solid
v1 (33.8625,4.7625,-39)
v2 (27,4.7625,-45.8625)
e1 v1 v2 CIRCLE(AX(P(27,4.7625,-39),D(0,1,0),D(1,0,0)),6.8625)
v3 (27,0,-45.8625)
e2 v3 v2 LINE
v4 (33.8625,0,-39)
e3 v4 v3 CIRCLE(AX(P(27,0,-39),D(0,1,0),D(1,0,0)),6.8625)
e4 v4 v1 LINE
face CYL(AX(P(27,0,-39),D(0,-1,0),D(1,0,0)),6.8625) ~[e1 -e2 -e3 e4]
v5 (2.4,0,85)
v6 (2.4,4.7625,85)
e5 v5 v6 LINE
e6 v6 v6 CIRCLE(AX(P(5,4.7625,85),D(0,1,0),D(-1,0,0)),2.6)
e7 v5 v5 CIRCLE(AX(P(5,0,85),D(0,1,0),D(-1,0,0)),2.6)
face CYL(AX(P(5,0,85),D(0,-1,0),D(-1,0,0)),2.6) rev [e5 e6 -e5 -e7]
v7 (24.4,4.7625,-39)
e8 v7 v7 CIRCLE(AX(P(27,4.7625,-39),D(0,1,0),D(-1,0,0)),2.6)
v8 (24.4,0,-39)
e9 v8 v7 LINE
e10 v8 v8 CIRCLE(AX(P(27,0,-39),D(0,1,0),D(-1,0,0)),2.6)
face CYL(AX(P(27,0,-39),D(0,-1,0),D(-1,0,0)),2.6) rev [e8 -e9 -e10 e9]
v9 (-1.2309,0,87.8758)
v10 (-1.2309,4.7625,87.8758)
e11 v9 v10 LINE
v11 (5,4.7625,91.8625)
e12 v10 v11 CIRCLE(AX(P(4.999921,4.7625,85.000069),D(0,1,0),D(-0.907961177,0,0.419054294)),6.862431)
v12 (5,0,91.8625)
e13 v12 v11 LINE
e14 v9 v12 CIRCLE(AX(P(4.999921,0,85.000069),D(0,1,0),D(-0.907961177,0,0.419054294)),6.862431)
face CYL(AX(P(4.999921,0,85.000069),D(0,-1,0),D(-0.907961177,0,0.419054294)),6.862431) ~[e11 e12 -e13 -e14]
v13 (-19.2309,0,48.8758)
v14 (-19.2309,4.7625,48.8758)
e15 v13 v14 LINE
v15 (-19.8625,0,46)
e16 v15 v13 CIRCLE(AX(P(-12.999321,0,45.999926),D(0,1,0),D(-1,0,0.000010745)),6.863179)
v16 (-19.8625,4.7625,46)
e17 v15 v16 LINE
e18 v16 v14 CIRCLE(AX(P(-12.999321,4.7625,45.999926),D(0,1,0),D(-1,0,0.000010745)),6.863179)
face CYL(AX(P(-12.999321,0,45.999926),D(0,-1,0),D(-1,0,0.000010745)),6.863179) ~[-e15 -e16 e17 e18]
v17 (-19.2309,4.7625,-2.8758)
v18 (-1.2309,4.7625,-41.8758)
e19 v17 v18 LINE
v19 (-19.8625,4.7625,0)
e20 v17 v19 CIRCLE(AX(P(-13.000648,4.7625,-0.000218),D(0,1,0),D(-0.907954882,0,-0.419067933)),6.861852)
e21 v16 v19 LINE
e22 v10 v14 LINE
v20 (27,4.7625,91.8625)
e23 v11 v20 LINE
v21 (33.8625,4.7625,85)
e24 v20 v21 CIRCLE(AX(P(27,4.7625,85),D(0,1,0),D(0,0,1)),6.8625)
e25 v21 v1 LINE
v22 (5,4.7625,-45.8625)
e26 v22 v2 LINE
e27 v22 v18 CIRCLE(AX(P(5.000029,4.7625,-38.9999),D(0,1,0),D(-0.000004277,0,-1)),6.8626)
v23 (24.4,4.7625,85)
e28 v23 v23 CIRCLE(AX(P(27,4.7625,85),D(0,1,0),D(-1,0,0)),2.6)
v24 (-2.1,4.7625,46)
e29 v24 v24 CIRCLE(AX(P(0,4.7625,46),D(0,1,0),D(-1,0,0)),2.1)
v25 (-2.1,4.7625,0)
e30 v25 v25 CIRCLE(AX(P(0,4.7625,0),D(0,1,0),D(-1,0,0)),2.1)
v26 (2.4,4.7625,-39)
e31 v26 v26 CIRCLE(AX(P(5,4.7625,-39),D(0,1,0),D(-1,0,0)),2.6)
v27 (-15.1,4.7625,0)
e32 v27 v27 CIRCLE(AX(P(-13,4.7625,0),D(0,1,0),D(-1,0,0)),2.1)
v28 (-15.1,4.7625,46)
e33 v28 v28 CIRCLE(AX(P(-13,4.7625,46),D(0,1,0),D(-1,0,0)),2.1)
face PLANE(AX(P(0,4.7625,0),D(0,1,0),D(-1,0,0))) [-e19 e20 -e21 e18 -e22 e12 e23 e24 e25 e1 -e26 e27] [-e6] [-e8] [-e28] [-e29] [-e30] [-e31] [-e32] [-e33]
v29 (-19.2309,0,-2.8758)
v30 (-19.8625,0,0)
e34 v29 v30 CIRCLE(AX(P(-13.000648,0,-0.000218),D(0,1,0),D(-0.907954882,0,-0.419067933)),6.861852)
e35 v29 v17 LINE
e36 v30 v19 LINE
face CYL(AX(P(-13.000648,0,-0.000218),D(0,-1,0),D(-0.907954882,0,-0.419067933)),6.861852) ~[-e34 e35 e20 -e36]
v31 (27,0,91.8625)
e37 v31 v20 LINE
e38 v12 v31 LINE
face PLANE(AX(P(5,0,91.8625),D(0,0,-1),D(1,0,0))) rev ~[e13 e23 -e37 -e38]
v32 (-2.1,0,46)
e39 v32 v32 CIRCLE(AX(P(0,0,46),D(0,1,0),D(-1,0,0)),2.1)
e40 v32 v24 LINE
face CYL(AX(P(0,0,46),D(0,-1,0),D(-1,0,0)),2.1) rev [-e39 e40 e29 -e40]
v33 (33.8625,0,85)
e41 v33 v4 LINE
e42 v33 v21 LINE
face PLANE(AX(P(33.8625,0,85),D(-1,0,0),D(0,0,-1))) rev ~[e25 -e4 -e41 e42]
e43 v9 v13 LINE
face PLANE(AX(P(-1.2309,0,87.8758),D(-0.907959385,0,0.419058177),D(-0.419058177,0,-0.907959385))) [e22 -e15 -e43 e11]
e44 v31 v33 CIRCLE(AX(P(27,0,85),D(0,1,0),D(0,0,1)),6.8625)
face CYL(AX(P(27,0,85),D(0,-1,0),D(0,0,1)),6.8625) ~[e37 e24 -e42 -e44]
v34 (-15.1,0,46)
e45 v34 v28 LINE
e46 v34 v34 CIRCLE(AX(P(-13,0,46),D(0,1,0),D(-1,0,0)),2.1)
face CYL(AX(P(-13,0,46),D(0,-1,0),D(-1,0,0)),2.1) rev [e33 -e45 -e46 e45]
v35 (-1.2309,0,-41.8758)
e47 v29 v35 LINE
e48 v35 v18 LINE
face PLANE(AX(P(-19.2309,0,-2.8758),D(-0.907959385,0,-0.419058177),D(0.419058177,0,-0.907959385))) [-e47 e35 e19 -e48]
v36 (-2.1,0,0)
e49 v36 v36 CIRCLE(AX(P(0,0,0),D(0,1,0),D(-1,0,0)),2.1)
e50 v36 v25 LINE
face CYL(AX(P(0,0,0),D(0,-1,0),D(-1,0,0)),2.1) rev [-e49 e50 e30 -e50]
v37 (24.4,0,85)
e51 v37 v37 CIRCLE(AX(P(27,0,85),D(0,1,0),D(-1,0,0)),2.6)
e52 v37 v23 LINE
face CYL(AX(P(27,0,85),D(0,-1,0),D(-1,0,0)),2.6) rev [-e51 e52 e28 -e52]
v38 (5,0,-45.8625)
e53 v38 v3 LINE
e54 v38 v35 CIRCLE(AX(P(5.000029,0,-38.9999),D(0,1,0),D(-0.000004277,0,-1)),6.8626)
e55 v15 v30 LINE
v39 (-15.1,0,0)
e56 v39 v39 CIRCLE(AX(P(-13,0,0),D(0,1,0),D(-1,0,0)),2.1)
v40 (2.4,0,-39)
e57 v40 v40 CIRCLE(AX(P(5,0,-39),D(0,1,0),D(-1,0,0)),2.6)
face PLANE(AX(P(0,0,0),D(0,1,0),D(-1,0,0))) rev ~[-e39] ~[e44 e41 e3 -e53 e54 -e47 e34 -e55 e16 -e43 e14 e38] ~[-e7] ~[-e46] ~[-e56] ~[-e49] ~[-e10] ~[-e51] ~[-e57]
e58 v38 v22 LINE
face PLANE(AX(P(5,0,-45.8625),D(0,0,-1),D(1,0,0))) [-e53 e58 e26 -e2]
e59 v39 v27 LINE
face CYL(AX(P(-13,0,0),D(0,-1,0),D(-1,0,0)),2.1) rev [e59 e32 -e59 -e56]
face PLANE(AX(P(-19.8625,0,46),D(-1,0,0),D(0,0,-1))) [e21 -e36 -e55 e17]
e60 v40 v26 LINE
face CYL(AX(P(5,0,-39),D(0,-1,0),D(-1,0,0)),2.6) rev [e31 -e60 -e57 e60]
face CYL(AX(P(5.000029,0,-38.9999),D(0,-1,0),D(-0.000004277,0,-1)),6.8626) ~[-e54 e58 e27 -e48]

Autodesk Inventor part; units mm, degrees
ref_plane "YZ Plane" through (0, 0, 0) normal (1, 0, 0) x (0, 1, 0)
ref_plane "XZ Plane" through (0, 0, 0) normal (0, 1, 0) x (-1, 0, 0)
ref_plane "XY Plane" through (0, 0, 0) normal (0, 0, 1) x (1, 0, 0)
sketch "Sketch1" plane through (0, 0, 0) normal (0, 1, 0) x (-1, 0, 0)
  circle A0 centre (0, 0) radius 2.1
  circle A1 centre (13, 0) radius 2.1
  circle A2 centre (13, 46) radius 2.1
  circle A3 centre (0, 46) radius 2.1
  circle A4 centre (-5, -39) radius 2.6
  circle A5 centre (-5, 85) radius 2.6
  circle A6 centre (-27, -39) radius 2.6
  circle A7 centre (-27, 85) radius 2.6
  circle A8 centre (13, 46) radius 6.8625 construction
  circle A9 centre (13, 0) radius 6.8625 construction
  circle A10 centre (-5, -39) radius 6.8625 construction
  circle A11 centre (-5, 85) radius 6.8625 construction
  circle A12 centre (-27, 85) radius 6.8625 construction
  circle A13 centre (-27, -39) radius 6.8625 construction
  line L0 (19.2309, -2.8758) -> (1.2309, -41.8758)
  line L1 (1.2309, 87.8758) -> (19.2309, 48.8758)
  line L2 (-5, 91.8625) -> (-27, 91.8625)
  line L3 (-5, -45.8625) -> (-27, -45.8625)
  line L4 (-33.8625, 85) -> (-33.8625, -39)
  line L5 (19.8625, 46) -> (19.8625, 0)
  arc A14 (19.2309, -2.8758) -> (19.8625, 0) centre (13, 0) ccw
  arc A15 (-5, -45.8625) -> (1.2309, -41.8758) centre (-5, -39) ccw
  arc A16 (-33.8625, -39) -> (-27, -45.8625) centre (-27, -39) ccw
  arc A17 (-27, 91.8625) -> (-33.8625, 85) centre (-27, 85) ccw
  arc A18 (1.2309, 87.8758) -> (-5, 91.8625) centre (-5, 85) ccw
  arc A19 (19.8625, 46) -> (19.2309, 48.8758) centre (13, 46) ccw
  dimension "d0" = 4.2
  dimension "d1" = 13
  dimension "d2" = 46
  dimension "d3" = 39
  dimension "d4" = 5
  dimension "d5" = 39
  dimension "d8" = 22
  dimension "d9" = 4.7625
  dimension "d12" = 5.2
extrude "Extrusion1" add sketch "Sketch1" along normal blind 4.7625
equation "\"d5\" = d3"
properties part number "CNC-017-SpindleMountPlate2" material "Aluminum 6061"
